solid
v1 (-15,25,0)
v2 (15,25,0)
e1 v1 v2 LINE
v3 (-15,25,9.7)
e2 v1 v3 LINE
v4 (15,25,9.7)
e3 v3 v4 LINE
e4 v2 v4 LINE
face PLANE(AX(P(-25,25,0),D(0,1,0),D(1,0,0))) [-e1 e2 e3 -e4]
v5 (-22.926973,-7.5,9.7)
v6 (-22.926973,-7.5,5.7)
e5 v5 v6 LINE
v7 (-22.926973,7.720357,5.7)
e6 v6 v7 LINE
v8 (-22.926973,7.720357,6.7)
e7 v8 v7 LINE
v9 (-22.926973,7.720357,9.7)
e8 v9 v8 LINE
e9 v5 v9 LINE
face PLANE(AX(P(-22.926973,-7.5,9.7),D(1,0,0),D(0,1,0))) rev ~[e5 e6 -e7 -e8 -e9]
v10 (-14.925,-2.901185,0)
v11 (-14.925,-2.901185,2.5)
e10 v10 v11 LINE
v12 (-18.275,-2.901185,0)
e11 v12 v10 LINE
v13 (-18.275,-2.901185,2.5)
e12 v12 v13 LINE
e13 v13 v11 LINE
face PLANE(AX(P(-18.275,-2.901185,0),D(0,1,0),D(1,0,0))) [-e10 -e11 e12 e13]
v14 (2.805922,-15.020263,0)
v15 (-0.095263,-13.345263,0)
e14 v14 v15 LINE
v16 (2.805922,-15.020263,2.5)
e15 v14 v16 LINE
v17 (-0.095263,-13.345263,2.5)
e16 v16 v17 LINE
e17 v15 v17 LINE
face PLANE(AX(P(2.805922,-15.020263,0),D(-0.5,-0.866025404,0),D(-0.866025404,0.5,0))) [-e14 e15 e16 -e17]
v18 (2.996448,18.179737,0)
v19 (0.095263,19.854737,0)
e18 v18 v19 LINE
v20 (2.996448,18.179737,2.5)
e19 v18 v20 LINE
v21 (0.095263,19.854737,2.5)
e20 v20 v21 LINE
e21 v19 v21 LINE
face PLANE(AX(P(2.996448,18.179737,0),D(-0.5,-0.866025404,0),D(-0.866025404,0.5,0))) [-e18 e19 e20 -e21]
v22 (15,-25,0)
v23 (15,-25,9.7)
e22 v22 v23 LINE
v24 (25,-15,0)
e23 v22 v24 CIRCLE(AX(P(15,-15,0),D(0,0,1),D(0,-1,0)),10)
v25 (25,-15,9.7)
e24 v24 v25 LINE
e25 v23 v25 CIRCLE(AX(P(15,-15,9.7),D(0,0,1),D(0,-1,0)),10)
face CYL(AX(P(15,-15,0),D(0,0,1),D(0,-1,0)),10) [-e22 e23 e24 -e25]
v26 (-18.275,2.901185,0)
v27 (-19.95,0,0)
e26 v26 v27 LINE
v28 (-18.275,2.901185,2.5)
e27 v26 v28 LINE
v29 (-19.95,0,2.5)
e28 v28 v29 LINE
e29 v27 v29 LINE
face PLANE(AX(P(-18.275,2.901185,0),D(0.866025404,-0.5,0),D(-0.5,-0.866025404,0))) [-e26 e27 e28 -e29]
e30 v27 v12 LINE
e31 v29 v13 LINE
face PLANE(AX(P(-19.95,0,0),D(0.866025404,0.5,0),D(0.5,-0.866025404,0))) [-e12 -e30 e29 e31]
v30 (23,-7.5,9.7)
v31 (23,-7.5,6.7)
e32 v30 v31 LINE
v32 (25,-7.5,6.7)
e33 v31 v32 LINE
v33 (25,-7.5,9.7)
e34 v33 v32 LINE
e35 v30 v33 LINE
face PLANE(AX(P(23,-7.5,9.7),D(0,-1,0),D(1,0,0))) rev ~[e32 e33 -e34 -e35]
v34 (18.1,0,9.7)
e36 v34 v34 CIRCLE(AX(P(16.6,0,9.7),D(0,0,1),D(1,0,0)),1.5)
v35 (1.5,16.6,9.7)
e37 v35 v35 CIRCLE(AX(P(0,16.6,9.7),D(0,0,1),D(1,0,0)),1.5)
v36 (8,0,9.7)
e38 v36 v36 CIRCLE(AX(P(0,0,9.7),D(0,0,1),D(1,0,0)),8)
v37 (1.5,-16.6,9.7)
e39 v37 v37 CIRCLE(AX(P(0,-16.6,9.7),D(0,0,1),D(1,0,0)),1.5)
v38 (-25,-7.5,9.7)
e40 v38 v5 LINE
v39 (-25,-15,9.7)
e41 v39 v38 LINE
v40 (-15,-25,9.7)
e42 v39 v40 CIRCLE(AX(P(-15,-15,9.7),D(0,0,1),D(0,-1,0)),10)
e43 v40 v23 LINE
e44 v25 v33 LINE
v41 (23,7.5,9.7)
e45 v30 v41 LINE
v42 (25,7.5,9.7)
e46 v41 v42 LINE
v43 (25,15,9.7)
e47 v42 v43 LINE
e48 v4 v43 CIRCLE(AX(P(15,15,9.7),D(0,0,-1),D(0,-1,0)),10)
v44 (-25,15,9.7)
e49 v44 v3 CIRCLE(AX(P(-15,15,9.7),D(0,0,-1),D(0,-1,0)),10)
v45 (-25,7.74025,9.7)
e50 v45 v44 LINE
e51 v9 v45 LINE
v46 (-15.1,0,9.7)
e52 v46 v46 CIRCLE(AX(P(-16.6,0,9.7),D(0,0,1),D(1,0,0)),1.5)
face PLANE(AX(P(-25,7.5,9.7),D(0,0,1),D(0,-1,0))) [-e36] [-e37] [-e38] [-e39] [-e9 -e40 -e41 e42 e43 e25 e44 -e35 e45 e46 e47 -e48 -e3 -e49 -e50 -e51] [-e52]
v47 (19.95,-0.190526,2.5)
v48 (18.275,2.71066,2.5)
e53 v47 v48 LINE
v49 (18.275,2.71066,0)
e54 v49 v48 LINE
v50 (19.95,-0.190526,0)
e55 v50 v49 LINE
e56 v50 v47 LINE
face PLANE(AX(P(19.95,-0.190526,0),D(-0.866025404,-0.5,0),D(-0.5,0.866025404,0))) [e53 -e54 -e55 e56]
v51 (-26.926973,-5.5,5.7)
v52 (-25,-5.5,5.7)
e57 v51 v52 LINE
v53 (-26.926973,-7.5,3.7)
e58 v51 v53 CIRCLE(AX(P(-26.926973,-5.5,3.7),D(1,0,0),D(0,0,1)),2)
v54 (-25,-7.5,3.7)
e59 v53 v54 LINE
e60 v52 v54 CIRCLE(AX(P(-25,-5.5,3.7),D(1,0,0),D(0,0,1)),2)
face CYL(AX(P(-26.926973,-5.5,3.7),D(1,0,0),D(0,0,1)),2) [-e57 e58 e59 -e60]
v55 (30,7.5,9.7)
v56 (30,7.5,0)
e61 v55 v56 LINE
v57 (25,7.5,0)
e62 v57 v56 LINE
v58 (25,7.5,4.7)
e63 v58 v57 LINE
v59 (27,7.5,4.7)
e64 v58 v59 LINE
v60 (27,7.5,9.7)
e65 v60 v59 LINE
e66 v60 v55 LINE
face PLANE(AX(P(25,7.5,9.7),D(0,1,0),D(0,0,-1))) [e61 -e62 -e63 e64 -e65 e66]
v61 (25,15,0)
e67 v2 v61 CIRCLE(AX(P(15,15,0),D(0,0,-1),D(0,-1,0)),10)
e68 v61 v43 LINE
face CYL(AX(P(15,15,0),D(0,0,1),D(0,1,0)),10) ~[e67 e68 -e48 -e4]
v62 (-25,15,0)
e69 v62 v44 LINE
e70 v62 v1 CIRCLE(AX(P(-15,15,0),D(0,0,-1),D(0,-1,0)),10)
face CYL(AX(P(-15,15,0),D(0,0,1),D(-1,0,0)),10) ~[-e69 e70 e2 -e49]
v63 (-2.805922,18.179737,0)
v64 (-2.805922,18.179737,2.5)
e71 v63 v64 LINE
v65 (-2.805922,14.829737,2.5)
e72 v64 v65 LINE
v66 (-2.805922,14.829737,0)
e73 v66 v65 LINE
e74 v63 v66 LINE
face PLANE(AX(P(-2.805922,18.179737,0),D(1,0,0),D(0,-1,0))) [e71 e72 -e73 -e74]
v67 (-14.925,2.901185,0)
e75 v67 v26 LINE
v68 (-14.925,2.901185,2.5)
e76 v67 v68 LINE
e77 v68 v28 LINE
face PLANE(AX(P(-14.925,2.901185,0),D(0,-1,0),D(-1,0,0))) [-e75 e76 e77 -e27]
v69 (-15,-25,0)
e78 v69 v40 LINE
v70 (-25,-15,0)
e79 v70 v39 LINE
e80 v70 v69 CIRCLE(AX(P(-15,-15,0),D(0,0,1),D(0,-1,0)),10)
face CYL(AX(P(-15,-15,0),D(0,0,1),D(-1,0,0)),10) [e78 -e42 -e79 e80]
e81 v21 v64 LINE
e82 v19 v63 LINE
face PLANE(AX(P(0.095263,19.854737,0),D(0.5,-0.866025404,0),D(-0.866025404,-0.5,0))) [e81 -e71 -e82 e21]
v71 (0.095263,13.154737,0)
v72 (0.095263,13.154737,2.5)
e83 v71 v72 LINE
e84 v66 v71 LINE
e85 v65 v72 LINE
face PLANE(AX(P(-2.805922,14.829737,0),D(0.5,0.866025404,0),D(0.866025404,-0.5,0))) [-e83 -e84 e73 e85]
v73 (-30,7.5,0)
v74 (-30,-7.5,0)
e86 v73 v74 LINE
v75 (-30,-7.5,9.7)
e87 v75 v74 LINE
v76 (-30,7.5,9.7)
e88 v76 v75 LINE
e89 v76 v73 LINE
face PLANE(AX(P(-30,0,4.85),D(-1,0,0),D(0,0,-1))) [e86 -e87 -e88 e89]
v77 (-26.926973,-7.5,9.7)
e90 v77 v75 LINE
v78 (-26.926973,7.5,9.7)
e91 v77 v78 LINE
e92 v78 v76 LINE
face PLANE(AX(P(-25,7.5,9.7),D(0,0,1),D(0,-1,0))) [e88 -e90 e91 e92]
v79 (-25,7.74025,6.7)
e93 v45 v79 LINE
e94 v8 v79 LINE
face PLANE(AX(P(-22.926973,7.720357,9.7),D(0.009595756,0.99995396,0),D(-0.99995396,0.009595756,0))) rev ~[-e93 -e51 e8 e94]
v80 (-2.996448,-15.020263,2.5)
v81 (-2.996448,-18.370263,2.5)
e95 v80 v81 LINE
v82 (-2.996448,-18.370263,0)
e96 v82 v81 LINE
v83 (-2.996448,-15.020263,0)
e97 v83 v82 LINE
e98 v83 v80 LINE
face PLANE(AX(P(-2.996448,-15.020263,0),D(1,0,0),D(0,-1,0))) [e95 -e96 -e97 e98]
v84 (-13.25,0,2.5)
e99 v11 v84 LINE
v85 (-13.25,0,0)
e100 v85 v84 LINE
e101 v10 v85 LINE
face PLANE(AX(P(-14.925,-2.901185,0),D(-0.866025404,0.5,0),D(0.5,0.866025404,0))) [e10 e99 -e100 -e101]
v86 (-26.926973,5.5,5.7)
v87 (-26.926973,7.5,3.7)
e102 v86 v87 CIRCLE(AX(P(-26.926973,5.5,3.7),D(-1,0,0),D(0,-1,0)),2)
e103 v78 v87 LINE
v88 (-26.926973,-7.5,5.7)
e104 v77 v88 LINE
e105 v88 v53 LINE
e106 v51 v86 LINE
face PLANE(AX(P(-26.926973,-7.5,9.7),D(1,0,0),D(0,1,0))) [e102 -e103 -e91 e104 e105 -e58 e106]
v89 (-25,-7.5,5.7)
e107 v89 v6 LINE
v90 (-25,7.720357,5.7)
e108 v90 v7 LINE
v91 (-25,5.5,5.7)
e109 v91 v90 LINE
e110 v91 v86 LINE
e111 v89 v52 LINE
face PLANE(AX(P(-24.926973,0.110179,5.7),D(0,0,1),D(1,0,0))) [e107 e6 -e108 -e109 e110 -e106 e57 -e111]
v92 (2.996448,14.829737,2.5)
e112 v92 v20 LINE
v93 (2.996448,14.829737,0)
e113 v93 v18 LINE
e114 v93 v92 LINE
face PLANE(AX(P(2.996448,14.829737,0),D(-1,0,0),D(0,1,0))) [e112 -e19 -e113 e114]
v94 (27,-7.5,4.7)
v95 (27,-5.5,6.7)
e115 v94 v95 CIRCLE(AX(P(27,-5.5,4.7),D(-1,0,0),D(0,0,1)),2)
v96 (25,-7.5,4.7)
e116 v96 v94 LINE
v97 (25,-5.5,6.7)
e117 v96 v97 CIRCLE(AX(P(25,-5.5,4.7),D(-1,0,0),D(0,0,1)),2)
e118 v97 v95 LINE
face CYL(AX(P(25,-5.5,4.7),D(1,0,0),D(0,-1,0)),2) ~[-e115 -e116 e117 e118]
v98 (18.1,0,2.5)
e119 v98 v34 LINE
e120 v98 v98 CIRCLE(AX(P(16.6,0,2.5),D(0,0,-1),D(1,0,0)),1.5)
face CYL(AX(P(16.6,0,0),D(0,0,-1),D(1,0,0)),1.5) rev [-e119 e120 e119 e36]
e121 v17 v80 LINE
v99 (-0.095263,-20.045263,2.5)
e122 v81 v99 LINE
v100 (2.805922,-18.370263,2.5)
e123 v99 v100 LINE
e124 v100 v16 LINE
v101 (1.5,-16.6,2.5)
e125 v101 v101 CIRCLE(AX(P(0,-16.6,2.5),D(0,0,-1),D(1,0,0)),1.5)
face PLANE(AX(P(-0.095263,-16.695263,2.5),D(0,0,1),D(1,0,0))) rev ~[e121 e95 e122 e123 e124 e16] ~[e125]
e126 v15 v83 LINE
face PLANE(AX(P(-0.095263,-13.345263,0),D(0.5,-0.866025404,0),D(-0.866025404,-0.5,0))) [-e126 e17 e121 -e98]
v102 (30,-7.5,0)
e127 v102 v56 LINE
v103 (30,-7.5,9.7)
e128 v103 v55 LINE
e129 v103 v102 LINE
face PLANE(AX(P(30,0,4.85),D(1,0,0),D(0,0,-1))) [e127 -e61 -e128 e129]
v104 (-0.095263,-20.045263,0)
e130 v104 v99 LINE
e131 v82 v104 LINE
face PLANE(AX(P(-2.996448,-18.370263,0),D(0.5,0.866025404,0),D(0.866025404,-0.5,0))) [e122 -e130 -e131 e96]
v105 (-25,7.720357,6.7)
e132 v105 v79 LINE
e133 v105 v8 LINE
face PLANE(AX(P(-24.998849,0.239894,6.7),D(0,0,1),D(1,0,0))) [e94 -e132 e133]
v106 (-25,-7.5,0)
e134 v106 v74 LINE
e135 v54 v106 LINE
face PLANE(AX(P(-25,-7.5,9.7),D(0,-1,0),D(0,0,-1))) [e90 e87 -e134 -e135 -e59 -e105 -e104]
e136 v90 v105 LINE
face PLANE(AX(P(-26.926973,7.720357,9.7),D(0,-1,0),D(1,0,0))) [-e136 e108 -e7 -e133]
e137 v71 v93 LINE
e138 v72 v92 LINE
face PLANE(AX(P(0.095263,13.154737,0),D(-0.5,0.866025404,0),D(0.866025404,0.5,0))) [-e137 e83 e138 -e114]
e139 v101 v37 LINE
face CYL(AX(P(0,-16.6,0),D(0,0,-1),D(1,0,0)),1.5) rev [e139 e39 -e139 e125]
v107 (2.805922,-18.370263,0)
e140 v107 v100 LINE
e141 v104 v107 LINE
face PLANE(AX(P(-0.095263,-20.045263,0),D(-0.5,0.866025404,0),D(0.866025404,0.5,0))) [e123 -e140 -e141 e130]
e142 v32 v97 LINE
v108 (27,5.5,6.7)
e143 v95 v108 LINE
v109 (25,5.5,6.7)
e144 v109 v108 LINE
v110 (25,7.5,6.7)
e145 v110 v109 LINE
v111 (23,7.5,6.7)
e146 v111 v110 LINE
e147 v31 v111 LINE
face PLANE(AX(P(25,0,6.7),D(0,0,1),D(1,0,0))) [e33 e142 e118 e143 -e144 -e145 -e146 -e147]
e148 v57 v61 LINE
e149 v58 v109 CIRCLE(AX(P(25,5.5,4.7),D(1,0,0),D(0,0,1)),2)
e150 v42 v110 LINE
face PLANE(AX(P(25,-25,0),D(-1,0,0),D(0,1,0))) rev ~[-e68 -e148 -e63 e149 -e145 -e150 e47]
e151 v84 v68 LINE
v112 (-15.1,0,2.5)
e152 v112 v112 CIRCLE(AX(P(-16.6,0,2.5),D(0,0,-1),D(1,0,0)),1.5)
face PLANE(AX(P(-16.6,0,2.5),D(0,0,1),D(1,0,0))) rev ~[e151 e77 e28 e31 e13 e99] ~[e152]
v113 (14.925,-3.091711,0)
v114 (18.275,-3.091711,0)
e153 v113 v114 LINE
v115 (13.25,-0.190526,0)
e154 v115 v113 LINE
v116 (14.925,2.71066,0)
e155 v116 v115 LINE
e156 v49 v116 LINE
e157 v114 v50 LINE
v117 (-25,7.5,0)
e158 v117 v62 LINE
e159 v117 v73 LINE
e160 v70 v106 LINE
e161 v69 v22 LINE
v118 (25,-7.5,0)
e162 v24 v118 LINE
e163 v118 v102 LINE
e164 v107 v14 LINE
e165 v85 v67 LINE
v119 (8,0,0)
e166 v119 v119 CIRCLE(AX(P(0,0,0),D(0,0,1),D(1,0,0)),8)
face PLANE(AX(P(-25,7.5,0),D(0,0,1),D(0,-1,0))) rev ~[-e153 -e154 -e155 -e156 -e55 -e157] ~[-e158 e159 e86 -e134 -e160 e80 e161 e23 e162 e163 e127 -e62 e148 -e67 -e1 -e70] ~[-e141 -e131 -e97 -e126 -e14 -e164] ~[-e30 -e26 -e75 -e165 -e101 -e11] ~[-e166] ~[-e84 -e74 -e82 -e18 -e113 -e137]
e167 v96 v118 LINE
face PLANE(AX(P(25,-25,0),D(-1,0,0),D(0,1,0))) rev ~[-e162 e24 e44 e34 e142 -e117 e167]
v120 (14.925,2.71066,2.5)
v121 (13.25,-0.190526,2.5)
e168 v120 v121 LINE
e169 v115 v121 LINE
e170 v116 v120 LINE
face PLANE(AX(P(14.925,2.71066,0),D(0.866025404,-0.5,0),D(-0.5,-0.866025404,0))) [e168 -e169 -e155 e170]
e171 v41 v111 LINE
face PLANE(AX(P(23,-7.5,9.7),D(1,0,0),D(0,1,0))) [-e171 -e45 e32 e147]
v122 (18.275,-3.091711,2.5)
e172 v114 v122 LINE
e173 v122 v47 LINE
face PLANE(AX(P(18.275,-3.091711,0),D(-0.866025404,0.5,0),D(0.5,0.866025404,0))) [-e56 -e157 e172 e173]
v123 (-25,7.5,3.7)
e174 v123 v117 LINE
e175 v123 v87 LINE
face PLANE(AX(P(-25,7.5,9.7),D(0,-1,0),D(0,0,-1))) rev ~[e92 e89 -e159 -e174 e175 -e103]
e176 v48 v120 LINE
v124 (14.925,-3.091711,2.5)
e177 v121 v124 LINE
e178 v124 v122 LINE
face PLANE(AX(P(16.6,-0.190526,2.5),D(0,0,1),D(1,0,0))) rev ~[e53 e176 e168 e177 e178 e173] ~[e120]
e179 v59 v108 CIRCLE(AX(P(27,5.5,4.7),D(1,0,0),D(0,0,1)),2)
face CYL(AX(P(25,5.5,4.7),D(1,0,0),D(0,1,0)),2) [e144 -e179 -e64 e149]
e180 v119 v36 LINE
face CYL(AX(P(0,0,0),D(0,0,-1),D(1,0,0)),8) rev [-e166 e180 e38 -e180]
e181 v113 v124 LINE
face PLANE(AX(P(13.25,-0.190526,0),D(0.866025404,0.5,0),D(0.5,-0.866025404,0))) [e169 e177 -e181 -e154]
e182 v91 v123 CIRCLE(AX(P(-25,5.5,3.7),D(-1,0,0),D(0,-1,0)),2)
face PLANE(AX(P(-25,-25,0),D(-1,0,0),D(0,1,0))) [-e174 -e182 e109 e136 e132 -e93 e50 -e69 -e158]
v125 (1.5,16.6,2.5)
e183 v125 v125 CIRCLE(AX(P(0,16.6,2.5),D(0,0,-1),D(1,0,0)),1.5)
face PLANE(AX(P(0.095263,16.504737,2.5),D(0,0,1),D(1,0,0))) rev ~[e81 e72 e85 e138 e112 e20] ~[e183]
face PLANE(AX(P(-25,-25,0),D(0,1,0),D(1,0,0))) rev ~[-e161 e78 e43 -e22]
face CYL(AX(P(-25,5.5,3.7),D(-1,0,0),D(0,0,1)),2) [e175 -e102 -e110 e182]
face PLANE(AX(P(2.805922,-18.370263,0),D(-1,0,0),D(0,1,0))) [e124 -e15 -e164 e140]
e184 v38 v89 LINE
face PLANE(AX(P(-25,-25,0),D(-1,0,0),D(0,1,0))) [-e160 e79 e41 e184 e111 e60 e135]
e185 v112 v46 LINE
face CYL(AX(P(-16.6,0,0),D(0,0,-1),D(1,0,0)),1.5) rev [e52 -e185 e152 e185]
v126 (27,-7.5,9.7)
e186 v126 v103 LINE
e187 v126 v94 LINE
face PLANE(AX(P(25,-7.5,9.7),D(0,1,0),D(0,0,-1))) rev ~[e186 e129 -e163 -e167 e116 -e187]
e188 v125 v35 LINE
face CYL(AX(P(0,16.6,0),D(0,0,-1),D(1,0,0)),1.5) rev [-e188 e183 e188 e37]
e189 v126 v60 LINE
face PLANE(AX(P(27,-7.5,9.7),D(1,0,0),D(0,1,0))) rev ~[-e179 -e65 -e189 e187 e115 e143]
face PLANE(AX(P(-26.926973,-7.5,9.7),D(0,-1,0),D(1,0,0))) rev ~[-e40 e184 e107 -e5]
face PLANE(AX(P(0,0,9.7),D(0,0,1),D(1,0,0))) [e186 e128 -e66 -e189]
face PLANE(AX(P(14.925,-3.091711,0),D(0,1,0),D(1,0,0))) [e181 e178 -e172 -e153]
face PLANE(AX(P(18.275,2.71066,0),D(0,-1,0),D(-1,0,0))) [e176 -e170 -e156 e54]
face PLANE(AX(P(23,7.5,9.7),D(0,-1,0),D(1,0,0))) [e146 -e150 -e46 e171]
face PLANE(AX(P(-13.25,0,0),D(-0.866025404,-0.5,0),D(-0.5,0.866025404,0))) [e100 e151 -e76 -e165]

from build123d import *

# Parameters (mm, degrees)
SKETCH1_W           = 50
SKETCH1_H           = 50
SKETCH1_R           = 8
SKETCH1_R_2         = 1.5
BOSS_EXTRUDE1_DEPTH = 9.7
FILLET2_R           = 10
CUT_EXTRUDE1_DEPTH  = 2.5
SKETCH7_W           = 9.7
SKETCH7_H           = 15
BOSS_EXTRUDE2_DEPTH = 5
SKETCH10_W          = 4
SKETCH10_H          = 15
CUT_EXTRUDE2_DEPTH  = 3
FILLET3_R           = 2
CIRPATTERN9_COUNT   = 2
SKETCH11_W          = 4
SKETCH11_H          = 15.220357073
CUT_EXTRUDE3_DEPTH  = 4
FILLET5_R           = 2


with BuildPart() as part:
    # Sketch1 → Boss-Extrude1 (new body)
    with BuildSketch(Plane.XY):
        Rectangle(SKETCH1_W, SKETCH1_H)
        Circle(SKETCH1_R, mode=Mode.SUBTRACT)
        with Locations((16.6, 0)):
            Circle(SKETCH1_R_2, mode=Mode.SUBTRACT)
        with Locations((0, -16.6)):
            Circle(SKETCH1_R_2, mode=Mode.SUBTRACT)
        with Locations((-16.6, 0)):
            Circle(SKETCH1_R_2, mode=Mode.SUBTRACT)
        with Locations((0, 16.6)):
            Circle(SKETCH1_R_2, mode=Mode.SUBTRACT)
    extrude(amount=BOSS_EXTRUDE1_DEPTH)

    # Fillet2
    fillet2_edges = [part.edges().sort_by_distance(p)[0] for p in [
        (-25, -25, 4.85),
        (-25, 25, 4.85),
        (25, 25, 4.85),
        (25, -25, 4.85),
    ]]
    fillet(fillet2_edges, radius=FILLET2_R)

    # Sketch9 → Cut-Extrude1 (cut)
    with BuildSketch(Plane(origin=(0, 0, 0), x_dir=(-1, 0, 0), z_dir=(0, 0, -1))):
        Polygon((2.996447897, -15.020262794), (2.996447897, -18.370262794), (0.095262794, -20.045262794), (-2.805922308, -18.370262794), (-2.805922308, -15.020262794), (0.095262794, -13.345262794), align=None)
        Polygon((18.275, -2.901185103), (14.925, -2.901185103), (13.25, 0), (14.925, 2.901185103), (18.275, 2.901185103), (19.95, 0), align=None)
        Polygon((2.805922308, 14.829737206), (-0.095262794, 13.154737206), (-2.996447897, 14.829737206), (-2.996447897, 18.179737206), (-0.095262794, 19.854737206), (2.805922308, 18.179737206), align=None)
        Polygon((-13.25, -0.190525589), (-14.925, -3.091710692), (-18.275, -3.091710692), (-19.95, -0.190525589), (-18.275, 2.710659514), (-14.925, 2.710659514), align=None)
    extrude(amount=-CUT_EXTRUDE1_DEPTH, mode=Mode.SUBTRACT)

    # Sketch7 → Boss-Extrude2 (add)
    with BuildSketch(Plane(origin=(25, 0, 0), x_dir=(0, 0, -1), z_dir=(1, 0, 0))):
        with Locations((-4.85, 0)):
            Rectangle(SKETCH7_W, SKETCH7_H)
    boss_extrude2 = extrude(amount=BOSS_EXTRUDE2_DEPTH)

    # Sketch10 → Cut-Extrude2 (cut)
    with BuildSketch(Plane.XY.offset(9.7)):
        with Locations((25, 0)):
            Rectangle(SKETCH10_W, SKETCH10_H)
        Polygon((-26.926788745, 7.758740095), (-27.070725077, -7.2405693), (-23.070909239, -7.278952322), (-22.926972907, 7.720357073), align=None)
    extrude(amount=-CUT_EXTRUDE2_DEPTH, mode=Mode.SUBTRACT)

    # Fillet3
    fillet3_edges = [part.edges().sort_by_distance(p)[0] for p in [
        (26, -7.5, 6.7),
        (26, 7.5, 6.7),
    ]]
    fillet(fillet3_edges, radius=FILLET3_R)

    # CirPattern9: Boss-Extrude2 ×2 about axis
    cirpattern9_axis = Axis((0, 0, 0), (0, 0, 1))
    for i in range(1, CIRPATTERN9_COUNT):
        add(boss_extrude2.rotate(cirpattern9_axis, i * 360 / CIRPATTERN9_COUNT))

    # Sketch11 → Cut-Extrude3 (cut)
    with BuildSketch(Plane.XY.offset(9.7)):
        with Locations((-24.926972907, 0.110178536)):
            Rectangle(SKETCH11_W, SKETCH11_H)
    extrude(amount=-CUT_EXTRUDE3_DEPTH, mode=Mode.SUBTRACT)

    # Fillet5
    fillet5_edges = [part.edges().sort_by_distance(p)[0] for p in [
        (-25.963486453, -7.5, 5.7),
        (-25.963486453, 7.5, 5.7),
    ]]
    fillet(fillet5_edges, radius=FILLET5_R)


solid = part.part
